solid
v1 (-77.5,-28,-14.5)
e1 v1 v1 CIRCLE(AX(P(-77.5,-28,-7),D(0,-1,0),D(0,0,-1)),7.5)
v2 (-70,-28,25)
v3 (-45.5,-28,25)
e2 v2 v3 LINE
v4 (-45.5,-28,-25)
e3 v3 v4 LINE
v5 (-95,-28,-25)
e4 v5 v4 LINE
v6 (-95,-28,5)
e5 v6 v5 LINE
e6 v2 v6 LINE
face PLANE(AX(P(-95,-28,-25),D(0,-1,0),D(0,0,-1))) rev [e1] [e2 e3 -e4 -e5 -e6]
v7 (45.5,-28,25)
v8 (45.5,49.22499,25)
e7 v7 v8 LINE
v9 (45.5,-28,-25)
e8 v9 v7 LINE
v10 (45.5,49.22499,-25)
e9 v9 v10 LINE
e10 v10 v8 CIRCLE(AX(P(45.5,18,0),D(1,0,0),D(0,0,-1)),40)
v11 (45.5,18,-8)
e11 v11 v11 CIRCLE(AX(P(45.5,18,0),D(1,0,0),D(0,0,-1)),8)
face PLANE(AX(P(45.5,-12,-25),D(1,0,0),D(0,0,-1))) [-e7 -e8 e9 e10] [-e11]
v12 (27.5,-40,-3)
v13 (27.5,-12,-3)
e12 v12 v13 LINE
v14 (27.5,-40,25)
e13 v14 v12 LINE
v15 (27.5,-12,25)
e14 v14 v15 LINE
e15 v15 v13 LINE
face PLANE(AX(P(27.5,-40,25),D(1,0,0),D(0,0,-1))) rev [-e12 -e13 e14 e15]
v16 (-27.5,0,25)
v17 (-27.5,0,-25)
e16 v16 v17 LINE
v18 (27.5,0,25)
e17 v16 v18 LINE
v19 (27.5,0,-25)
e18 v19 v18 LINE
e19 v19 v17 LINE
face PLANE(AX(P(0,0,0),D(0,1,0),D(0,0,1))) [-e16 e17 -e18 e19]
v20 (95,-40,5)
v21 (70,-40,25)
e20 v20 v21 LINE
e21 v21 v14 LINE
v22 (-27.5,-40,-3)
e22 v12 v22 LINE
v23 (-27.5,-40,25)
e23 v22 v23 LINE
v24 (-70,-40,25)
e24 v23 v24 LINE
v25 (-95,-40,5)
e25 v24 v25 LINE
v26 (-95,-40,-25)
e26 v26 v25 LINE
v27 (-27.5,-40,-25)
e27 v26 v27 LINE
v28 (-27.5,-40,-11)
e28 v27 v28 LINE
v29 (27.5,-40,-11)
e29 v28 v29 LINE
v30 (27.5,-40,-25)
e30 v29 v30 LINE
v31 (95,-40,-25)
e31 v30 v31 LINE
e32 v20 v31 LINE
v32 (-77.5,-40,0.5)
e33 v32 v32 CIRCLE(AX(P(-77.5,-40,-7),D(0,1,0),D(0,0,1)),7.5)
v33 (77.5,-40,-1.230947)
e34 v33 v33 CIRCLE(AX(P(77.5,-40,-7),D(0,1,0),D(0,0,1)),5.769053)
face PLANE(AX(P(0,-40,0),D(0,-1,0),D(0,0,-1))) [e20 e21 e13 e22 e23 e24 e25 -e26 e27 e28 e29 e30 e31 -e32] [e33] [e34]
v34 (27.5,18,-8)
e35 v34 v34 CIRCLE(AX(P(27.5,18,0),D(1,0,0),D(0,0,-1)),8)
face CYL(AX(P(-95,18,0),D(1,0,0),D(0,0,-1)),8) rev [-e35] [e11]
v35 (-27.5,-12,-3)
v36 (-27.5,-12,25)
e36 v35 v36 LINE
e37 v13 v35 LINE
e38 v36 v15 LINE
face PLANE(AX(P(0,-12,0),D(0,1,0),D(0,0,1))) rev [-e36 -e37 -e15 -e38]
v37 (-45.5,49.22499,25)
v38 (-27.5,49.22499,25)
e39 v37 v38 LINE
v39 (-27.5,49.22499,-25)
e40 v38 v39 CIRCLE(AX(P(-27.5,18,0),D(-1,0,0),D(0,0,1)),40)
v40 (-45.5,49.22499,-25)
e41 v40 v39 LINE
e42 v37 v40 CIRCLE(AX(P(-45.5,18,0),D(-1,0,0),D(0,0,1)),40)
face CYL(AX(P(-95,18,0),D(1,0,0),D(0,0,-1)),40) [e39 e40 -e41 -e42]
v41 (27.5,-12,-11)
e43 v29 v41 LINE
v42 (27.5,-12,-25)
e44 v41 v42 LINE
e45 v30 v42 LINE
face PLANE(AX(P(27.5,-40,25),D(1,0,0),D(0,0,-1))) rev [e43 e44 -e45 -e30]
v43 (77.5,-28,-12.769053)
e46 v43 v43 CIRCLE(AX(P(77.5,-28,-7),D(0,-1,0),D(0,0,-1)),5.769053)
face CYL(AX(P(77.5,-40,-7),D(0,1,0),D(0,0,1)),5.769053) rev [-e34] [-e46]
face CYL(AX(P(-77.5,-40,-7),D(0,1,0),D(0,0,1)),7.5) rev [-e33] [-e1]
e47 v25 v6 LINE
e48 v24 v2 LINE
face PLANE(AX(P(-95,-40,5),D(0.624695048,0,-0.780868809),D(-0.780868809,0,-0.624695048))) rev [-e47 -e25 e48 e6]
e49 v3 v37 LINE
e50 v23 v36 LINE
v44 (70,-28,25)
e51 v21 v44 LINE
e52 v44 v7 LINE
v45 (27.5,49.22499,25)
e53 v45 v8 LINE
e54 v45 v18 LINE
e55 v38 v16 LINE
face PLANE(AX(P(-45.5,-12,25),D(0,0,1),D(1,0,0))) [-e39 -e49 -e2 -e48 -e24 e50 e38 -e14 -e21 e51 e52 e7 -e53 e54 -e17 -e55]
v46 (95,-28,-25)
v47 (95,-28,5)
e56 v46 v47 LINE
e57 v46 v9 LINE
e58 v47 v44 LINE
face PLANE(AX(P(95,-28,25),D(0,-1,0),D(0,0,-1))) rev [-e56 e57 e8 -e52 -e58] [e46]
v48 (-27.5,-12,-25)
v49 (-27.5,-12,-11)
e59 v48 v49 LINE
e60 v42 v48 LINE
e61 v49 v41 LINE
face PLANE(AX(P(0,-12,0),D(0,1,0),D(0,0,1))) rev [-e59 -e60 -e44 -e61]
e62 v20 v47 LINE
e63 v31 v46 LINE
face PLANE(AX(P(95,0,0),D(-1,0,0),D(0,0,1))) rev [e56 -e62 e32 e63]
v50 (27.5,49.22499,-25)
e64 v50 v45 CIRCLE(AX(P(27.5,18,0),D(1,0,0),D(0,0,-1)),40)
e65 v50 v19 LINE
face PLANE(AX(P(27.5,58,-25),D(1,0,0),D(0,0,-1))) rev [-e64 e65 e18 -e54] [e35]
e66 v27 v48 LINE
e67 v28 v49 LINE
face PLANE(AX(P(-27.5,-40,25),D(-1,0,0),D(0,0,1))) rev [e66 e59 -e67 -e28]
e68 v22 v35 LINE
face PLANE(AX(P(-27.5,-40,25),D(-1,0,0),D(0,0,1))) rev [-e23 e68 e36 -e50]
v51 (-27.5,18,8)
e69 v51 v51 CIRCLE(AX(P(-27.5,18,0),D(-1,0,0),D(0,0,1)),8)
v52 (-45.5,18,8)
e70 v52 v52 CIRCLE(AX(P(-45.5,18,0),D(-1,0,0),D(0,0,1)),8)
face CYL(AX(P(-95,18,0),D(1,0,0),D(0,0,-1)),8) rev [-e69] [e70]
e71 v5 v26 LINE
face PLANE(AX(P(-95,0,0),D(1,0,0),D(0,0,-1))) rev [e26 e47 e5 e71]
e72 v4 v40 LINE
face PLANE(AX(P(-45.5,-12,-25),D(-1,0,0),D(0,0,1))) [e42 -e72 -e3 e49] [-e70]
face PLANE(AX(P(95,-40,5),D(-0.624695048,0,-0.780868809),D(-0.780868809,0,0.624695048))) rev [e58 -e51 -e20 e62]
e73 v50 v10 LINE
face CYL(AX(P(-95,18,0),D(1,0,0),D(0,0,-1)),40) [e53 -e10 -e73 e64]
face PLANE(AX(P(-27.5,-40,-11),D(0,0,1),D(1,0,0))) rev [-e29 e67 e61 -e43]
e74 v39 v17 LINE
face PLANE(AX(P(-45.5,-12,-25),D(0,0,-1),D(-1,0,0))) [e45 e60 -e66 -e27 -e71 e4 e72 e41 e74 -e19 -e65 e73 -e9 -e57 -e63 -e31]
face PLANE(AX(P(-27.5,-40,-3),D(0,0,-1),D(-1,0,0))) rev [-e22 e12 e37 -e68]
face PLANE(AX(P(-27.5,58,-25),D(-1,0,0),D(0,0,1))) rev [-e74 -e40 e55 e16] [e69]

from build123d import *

# Parameters (mm, degrees)
SKETCH1_W               = 91
SKETCH1_H               = 50
BOSS_EXTRUDE1_DEPTH     = 12
SKETCH2_W               = 18
SKETCH2_H               = 50
BOSS_EXTRUDE2_DEPTH     = 28
SKETCH4_W               = 50
SKETCH4_H               = 12
BOSS_EXTRUDE3_DEPTH     = 49.5
SKETCH5_W               = 50
SKETCH5_H               = 12
BOSS_EXTRUDE4_DEPTH     = 49.5
CUT_EXTRUDE1_DEPTH      = 29
CUT_EXTRUDE1_DEPTH_BACK = 13
CUT_EXTRUDE2_DEPTH      = 29
CUT_EXTRUDE2_DEPTH_BACK = 13
SKETCH9_W               = 18
SKETCH9_H               = 50
BOSS_EXTRUDE5_DEPTH     = 58
SKETCH10_R              = 8
CUT_EXTRUDE3_DEPTH      = 50.5
CUT_EXTRUDE3_DEPTH_BACK = 141.5
SKETCH12_R              = 5.769053465
SKETCH12_R_2            = 7.5
CUT_EXTRUDE4_DEPTH      = 59
CUT_EXTRUDE4_DEPTH_BACK = 41
SKETCH15_W              = 55
SKETCH15_H              = 8
BOSS_EXTRUDE6_DEPTH     = 28


with BuildPart() as part:
    # Sketch1 → Boss-Extrude1 (new body)
    with BuildSketch(Plane(origin=(0, 0, 0), x_dir=(1, 0, 0), z_dir=(0, 1, 0))):
        Rectangle(SKETCH1_W, SKETCH1_H)
    extrude(amount=-BOSS_EXTRUDE1_DEPTH)

    # Sketch2 → Boss-Extrude2 (add)
    with BuildSketch(Plane.XZ.offset(12)):
        with Locations((-36.5, 0)):
            Rectangle(SKETCH2_W, SKETCH2_H)
        with Locations((36.5, 0)):
            Rectangle(SKETCH2_W, SKETCH2_H)
    extrude(amount=BOSS_EXTRUDE2_DEPTH)

    # Sketch4 → Boss-Extrude3 (add)
    with BuildSketch(Plane(origin=(45.5, 0, 0), x_dir=(0, 0, -1), z_dir=(1, 0, 0))):
        with Locations((0, -34)):
            Rectangle(SKETCH4_W, SKETCH4_H)
    extrude(amount=BOSS_EXTRUDE3_DEPTH)

    # Sketch5 → Boss-Extrude4 (add)
    with BuildSketch(Plane.ZY.offset(45.5)):
        with Locations((0, -34)):
            Rectangle(SKETCH5_W, SKETCH5_H)
    extrude(amount=BOSS_EXTRUDE4_DEPTH)

    # Sketch7 → Cut-Extrude1 (cut, two sides)
    with BuildSketch(Plane(origin=(0, -28, 0), x_dir=(1, 0, 0), z_dir=(0, 1, 0))) as cut_extrude1_sk:
        Polygon((95, -25), (95, -5), (70, -25), align=None)
    extrude(amount=CUT_EXTRUDE1_DEPTH, mode=Mode.SUBTRACT)
    extrude(cut_extrude1_sk.sketch, amount=-CUT_EXTRUDE1_DEPTH_BACK, mode=Mode.SUBTRACT)

    # Sketch8 → Cut-Extrude2 (cut, two sides)
    with BuildSketch(Plane(origin=(0, -28, 0), x_dir=(1, 0, 0), z_dir=(0, 1, 0))) as cut_extrude2_sk:
        Polygon((-95, -25), (-95, -5), (-70, -25), align=None)
    extrude(amount=CUT_EXTRUDE2_DEPTH, mode=Mode.SUBTRACT)
    extrude(cut_extrude2_sk.sketch, amount=-CUT_EXTRUDE2_DEPTH_BACK, mode=Mode.SUBTRACT)

    # Sketch9 → Boss-Extrude5 (add)
    with BuildSketch(Plane(origin=(0, 0, 0), x_dir=(1, 0, 0), z_dir=(0, 1, 0))):
        with Locations((-36.5, 0)):
            Rectangle(SKETCH9_W, SKETCH9_H)
        with Locations((36.5, 0)):
            Rectangle(SKETCH9_W, SKETCH9_H)
    extrude(amount=BOSS_EXTRUDE5_DEPTH)

    # Sketch10 → Cut-Extrude3 (cut, two sides)
    with BuildSketch(Plane(origin=(45.5, 0, 0), x_dir=(0, 0, -1), z_dir=(1, 0, 0))) as cut_extrude3_sk:
        with BuildLine():
            Line((25, 58), (0, 58))
            ThreePointArc((0, 58), (13.247648854, 55.742546282), (25, 49.224989992))
            Line((25, 49.224989992), (25, 58))
        make_face()
        with BuildLine():
            Line((-25, 58), (-25, 49.224989992))
            ThreePointArc((-25, 49.224989992), (-13.247648854, 55.742546282), (0, 58))
            Line((0, 58), (-25, 58))
        make_face()
        with Locations((0, 18)):
            Circle(SKETCH10_R)
    extrude(amount=CUT_EXTRUDE3_DEPTH, mode=Mode.SUBTRACT)
    extrude(cut_extrude3_sk.sketch, amount=-CUT_EXTRUDE3_DEPTH_BACK, mode=Mode.SUBTRACT)

    # Sketch12 → Cut-Extrude4 (cut, two sides)
    with BuildSketch(Plane(origin=(0, 0, 0), x_dir=(1, 0, 0), z_dir=(0, 1, 0))) as cut_extrude4_sk:
        with Locations((77.5, 7)):
            Circle(SKETCH12_R)
        with Locations((-77.5, 7)):
            Circle(SKETCH12_R_2)
    extrude(amount=CUT_EXTRUDE4_DEPTH, mode=Mode.SUBTRACT)
    extrude(cut_extrude4_sk.sketch, amount=-CUT_EXTRUDE4_DEPTH_BACK, mode=Mode.SUBTRACT)

    # Sketch15 → Boss-Extrude6 (add)
    with BuildSketch(Plane.XZ.offset(12)):
        with Locations((0, -7)):
            Rectangle(SKETCH15_W, SKETCH15_H)
    extrude(amount=BOSS_EXTRUDE6_DEPTH)


solid = part.part
